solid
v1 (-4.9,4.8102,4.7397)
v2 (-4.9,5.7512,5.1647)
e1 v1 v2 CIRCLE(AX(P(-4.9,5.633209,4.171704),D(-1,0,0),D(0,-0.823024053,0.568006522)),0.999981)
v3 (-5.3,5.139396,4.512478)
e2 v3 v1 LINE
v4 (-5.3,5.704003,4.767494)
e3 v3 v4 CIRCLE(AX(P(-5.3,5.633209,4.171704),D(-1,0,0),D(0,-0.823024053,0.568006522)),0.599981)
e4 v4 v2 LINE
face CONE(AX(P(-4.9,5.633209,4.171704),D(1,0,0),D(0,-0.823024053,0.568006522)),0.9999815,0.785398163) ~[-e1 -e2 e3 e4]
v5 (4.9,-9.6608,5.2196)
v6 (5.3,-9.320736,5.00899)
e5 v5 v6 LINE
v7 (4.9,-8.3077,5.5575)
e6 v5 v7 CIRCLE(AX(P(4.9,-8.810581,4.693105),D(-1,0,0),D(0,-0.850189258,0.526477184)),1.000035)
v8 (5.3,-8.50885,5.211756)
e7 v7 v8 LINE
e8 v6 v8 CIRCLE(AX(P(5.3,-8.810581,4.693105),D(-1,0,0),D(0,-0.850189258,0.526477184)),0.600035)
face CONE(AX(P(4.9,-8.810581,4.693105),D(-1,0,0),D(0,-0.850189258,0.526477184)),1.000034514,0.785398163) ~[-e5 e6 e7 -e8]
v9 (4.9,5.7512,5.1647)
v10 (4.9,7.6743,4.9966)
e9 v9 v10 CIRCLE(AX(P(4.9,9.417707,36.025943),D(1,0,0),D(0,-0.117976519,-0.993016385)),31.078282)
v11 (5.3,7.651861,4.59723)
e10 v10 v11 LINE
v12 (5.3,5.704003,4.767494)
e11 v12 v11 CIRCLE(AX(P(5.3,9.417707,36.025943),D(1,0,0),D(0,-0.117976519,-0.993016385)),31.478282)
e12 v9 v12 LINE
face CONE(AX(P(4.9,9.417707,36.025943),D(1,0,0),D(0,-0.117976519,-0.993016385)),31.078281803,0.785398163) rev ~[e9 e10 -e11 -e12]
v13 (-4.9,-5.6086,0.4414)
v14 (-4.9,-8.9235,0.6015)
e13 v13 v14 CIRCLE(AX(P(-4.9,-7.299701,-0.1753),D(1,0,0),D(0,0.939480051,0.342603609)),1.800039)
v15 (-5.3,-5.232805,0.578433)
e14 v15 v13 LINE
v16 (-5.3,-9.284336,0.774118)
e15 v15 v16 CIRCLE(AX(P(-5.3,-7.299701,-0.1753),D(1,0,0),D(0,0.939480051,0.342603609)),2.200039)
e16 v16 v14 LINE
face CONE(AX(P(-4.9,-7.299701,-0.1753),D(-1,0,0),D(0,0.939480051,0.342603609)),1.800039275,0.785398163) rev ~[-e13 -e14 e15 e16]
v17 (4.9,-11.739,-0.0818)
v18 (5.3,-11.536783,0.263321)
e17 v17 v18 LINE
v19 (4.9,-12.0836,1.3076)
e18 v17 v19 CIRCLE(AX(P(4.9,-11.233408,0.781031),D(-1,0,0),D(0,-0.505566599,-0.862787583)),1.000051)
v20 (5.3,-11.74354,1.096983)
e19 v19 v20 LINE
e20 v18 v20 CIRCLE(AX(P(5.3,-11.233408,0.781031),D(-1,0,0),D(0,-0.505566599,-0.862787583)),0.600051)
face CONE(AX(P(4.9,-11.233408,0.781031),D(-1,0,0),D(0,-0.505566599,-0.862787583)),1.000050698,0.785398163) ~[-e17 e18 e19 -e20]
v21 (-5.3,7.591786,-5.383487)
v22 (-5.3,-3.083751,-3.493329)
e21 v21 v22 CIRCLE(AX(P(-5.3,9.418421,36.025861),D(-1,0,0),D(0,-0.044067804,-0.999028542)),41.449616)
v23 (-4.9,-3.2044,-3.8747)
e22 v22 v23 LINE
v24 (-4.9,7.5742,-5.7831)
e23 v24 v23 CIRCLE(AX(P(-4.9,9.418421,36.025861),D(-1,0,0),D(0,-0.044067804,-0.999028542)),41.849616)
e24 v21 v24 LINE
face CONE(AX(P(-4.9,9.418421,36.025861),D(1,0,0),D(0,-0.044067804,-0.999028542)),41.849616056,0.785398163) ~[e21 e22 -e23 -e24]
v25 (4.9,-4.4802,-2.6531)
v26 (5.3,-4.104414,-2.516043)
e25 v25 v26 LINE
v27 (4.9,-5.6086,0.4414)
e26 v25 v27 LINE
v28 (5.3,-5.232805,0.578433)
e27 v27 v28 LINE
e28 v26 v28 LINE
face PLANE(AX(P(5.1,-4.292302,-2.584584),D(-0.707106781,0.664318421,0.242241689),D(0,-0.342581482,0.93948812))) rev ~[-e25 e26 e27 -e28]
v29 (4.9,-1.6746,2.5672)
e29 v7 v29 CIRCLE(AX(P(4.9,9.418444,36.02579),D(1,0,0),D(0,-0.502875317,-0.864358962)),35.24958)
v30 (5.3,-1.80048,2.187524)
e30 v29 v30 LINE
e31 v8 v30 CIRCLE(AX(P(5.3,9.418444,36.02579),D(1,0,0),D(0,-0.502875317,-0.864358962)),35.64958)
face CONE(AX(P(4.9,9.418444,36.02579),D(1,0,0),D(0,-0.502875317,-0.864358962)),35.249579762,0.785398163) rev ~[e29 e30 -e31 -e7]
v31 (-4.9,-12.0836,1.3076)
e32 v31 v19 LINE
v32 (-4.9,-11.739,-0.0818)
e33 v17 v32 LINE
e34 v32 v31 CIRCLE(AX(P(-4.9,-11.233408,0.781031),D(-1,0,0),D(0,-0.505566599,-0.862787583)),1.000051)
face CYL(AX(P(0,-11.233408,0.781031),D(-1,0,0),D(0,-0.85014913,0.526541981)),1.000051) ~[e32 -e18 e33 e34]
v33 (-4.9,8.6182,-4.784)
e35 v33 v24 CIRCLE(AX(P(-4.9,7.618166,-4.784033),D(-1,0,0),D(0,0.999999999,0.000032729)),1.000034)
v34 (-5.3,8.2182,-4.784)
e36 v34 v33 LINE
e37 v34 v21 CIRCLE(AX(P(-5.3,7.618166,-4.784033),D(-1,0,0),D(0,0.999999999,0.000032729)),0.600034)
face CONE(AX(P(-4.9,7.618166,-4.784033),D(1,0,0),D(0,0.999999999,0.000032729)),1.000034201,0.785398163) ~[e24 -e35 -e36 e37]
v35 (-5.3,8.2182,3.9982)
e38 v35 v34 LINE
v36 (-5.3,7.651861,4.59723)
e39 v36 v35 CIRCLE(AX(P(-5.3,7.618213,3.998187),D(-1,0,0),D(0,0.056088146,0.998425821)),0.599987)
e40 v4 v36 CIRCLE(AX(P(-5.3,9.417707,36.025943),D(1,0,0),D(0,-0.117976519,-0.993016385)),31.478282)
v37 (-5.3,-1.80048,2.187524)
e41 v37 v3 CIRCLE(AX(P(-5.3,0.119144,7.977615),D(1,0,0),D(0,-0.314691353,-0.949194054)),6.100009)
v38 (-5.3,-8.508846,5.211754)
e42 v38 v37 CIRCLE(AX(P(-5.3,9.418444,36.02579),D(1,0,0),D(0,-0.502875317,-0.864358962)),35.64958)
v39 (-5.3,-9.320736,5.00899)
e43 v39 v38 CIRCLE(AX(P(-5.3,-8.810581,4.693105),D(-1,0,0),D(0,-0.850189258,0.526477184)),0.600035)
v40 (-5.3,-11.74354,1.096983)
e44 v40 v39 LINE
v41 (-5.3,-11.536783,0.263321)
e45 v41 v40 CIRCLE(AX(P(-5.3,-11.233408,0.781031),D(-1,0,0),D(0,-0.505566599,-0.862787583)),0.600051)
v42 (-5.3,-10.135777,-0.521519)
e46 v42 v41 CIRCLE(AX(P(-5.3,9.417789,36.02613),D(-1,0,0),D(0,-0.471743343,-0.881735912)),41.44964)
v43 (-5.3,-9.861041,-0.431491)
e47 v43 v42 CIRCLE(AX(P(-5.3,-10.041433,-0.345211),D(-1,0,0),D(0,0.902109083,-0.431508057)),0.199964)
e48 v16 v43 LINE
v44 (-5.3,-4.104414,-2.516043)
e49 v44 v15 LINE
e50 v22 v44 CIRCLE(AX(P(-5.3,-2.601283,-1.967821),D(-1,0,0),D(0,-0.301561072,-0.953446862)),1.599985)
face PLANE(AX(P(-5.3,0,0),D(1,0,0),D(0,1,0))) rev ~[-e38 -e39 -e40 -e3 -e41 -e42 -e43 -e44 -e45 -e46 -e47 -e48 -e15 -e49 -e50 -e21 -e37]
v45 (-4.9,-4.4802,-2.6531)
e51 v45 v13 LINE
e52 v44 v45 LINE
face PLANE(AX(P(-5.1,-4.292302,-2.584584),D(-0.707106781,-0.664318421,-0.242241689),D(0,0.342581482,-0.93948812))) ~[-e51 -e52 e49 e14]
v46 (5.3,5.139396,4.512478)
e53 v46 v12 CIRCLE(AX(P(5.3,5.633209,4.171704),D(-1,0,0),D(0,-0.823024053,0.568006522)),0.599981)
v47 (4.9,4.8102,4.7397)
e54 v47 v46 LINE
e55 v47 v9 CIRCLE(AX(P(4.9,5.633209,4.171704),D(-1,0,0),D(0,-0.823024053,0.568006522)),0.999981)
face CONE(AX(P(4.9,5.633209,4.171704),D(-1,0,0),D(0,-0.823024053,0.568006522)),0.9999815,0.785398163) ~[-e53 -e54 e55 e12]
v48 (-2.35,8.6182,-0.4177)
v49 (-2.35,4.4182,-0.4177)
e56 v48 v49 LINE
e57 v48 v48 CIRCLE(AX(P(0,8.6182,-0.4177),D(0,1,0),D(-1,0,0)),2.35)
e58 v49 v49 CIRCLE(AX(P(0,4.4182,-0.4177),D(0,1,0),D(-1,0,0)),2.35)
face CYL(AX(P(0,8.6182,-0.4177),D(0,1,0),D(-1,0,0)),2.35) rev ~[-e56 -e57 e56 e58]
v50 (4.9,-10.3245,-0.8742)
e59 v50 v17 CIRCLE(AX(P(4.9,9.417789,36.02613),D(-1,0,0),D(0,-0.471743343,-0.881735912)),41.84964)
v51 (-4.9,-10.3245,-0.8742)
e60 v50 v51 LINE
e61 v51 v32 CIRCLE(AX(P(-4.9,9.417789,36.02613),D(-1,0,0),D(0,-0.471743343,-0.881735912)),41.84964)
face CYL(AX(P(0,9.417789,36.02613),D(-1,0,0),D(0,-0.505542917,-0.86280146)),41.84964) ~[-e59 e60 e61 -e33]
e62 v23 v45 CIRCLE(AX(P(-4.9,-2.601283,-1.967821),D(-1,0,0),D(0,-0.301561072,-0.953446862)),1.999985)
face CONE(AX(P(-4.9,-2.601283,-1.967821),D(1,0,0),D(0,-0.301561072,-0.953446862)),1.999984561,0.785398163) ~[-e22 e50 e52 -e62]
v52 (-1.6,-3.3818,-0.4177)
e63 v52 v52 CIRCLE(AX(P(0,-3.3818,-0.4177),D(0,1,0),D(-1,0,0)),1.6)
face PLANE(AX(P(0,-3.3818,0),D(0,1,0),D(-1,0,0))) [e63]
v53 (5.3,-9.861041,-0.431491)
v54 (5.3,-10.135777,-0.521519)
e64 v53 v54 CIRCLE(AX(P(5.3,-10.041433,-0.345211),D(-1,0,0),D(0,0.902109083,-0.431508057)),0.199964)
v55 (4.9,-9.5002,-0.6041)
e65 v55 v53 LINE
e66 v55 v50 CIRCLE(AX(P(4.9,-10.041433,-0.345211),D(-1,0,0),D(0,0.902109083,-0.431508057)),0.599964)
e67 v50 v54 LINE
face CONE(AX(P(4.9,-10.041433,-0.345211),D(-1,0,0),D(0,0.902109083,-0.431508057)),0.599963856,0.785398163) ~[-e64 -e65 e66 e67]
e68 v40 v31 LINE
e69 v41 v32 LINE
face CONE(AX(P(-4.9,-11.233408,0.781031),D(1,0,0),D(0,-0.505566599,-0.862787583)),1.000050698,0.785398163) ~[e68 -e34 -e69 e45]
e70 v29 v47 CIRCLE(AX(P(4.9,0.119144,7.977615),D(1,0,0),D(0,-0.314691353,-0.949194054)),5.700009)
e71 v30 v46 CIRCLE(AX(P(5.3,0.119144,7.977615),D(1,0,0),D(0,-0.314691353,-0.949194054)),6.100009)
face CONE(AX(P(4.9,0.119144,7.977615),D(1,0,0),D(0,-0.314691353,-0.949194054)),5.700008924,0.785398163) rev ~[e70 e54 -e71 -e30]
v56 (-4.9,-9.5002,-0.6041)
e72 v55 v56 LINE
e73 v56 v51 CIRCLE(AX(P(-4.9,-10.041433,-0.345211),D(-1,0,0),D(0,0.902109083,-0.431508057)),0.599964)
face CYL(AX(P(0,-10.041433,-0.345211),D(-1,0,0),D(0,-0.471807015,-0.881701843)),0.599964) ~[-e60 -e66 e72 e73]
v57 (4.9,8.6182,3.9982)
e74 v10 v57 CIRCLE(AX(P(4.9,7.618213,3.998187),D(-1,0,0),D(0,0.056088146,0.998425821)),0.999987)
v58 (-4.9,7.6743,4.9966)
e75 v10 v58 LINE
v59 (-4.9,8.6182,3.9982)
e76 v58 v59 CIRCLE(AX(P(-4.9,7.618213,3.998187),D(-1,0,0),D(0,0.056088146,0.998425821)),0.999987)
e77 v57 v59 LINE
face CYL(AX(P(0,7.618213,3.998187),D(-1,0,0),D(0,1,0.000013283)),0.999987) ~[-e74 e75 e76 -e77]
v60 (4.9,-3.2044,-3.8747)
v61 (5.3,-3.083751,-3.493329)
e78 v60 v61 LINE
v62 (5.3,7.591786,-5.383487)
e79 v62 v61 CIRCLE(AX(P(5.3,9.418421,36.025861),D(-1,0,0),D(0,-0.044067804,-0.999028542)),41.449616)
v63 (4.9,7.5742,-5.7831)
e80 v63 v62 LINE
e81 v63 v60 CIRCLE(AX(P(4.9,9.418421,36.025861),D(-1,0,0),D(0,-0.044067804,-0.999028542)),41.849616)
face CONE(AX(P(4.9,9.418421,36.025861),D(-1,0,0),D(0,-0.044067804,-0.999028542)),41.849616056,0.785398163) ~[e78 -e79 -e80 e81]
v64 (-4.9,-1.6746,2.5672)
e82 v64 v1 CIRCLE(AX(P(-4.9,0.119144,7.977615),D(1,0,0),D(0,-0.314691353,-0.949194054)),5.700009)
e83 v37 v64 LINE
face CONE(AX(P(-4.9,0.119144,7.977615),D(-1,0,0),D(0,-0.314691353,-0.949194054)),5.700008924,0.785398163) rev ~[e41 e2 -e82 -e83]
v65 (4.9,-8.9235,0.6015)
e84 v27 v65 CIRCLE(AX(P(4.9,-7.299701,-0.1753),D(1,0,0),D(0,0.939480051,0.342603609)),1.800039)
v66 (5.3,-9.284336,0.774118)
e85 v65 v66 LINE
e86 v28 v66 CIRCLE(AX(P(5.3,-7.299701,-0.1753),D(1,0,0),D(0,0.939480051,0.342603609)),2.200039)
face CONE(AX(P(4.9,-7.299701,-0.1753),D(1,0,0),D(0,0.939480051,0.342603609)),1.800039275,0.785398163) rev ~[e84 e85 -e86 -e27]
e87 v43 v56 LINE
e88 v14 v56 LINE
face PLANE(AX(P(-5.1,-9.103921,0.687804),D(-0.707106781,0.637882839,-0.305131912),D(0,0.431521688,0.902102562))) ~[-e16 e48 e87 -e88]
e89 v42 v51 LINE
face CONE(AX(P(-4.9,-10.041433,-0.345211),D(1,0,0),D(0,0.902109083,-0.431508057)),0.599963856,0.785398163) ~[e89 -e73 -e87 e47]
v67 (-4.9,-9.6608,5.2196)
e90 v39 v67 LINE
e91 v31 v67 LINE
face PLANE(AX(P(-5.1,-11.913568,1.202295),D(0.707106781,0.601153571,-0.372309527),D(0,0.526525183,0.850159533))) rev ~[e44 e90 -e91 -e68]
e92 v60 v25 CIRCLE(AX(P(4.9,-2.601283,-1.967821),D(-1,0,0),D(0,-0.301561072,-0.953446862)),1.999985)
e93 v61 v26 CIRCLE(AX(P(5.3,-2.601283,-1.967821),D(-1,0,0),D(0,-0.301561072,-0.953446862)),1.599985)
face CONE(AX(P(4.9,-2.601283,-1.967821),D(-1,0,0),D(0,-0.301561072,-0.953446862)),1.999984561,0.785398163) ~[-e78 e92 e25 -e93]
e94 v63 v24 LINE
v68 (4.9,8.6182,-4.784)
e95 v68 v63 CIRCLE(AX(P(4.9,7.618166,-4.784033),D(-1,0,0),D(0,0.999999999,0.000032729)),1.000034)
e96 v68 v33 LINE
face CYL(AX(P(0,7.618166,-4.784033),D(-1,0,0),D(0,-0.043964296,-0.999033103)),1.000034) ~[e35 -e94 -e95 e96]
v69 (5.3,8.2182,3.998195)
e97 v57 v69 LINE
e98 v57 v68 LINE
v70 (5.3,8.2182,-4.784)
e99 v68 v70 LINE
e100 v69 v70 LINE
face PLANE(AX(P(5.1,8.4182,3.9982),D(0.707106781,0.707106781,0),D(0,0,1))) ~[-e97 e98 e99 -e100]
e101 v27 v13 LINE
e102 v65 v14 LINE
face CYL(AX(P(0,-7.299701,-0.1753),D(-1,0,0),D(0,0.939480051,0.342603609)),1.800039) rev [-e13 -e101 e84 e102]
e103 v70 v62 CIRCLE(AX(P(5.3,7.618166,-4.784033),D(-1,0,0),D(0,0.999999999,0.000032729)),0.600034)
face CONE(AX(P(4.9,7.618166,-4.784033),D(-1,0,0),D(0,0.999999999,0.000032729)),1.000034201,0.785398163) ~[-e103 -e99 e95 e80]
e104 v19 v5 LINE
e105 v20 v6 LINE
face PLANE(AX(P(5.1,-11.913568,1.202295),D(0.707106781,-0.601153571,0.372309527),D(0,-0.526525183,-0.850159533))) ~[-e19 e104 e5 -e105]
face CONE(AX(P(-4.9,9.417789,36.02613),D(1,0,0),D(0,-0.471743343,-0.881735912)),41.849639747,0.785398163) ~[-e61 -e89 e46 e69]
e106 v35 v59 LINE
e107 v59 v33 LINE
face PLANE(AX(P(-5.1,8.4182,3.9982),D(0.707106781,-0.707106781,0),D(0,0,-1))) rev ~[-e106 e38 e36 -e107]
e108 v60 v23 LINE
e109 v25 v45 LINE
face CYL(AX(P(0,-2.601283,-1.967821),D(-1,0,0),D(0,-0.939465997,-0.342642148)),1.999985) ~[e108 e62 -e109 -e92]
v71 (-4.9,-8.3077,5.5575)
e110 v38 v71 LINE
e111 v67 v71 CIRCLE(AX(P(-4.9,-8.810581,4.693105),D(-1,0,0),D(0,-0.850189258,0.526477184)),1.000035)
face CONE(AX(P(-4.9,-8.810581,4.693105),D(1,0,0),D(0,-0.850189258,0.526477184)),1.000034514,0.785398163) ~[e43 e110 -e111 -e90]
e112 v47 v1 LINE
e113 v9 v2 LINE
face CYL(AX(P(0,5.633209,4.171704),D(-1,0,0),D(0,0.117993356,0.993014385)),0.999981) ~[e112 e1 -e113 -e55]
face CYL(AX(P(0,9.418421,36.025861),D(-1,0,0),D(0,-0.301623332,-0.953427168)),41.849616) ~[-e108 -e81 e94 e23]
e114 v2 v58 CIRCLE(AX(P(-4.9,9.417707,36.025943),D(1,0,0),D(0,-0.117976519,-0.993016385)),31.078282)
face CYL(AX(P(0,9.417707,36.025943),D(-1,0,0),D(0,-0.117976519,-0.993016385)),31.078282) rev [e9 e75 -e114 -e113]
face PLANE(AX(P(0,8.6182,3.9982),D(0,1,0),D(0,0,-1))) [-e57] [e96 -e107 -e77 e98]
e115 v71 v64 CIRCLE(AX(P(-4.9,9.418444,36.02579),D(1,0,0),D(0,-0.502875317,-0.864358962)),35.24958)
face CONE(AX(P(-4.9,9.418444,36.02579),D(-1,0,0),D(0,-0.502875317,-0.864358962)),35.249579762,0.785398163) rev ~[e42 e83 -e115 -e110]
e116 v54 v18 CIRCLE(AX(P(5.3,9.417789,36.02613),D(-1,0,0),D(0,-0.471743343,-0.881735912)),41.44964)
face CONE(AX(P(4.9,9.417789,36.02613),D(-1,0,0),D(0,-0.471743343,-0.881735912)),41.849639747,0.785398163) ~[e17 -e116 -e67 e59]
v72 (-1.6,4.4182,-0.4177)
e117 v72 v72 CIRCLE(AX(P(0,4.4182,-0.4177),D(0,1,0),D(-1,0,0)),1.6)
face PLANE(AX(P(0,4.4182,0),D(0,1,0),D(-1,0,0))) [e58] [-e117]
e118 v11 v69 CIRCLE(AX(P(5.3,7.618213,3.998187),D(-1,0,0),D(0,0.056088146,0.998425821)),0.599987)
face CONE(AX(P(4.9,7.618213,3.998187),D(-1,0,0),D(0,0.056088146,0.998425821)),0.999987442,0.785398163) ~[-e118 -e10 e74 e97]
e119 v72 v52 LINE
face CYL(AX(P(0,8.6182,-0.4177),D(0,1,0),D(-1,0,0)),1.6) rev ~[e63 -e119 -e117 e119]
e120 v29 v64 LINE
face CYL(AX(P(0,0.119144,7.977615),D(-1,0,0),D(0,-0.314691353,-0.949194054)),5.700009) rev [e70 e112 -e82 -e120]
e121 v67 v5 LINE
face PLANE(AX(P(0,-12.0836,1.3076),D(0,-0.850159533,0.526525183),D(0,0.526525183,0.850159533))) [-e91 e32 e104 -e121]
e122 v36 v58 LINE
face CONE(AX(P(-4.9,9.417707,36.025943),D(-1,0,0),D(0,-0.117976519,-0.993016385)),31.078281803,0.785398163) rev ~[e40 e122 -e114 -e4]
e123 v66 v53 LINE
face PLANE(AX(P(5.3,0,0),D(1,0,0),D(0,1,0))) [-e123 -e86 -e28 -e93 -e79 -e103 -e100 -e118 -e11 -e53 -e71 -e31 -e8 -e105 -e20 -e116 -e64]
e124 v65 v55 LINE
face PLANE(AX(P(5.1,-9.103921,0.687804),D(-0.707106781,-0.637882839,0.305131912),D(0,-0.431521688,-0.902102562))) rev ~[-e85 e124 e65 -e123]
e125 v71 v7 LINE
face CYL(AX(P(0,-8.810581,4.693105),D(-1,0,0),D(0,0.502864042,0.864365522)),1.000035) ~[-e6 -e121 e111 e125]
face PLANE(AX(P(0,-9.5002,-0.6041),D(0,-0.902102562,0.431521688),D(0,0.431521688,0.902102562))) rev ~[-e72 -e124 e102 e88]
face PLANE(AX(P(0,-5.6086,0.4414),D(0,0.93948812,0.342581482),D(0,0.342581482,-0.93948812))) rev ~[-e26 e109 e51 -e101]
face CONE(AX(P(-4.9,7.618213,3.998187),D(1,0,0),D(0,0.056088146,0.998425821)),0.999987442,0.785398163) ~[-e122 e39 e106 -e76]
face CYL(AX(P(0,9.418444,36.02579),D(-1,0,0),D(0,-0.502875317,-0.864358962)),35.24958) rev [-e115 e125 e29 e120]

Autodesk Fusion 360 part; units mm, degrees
sketch "Sketch1" plane through (0, 0, 0) normal (1, 0, 0) x (0, 1, 0) in component "latch_shuttle"
  arc A0 (-8.3077, 5.5575) -> (-1.6746, 2.5672) centre (9.4182, 36.0259) ccw
  arc A1 (-8.3077, 5.5575) -> (-9.6608, 5.2196) centre (-8.8106, 4.6931) ccw
  line L0 (-12.0836, 1.3076) -> (-9.6608, 5.2196)
  arc A2 (-12.0836, 1.3076) -> (-11.739, -0.0818) centre (-11.2334, 0.781) ccw
  arc A3 (-11.739, -0.0818) -> (-10.3245, -0.8742) centre (9.4182, 36.0259) ccw
  arc A4 (-10.3245, -0.8742) -> (-9.5002, -0.6041) centre (-10.0414, -0.3452) ccw
  line L1 (-9.5002, -0.6041) -> (-8.9235, 0.6015)
  arc A5 (-5.6086, 0.4414) -> (-8.9235, 0.6015) centre (-7.2997, -0.1753) ccw
  line L2 (-5.6086, 0.4414) -> (-4.4802, -2.6531)
  arc A6 (-4.4802, -2.6531) -> (-3.2044, -3.8747) centre (-2.6012, -1.9679) ccw
  arc A7 (-3.2044, -3.8747) -> (7.5742, -5.7831) centre (9.4182, 36.0259) ccw
  arc A8 (7.5742, -5.7831) -> (8.6182, -4.784) centre (7.6182, -4.784) ccw
  line L3 (8.6182, 3.9982) -> (8.6182, -4.784)
  arc A9 (8.6182, 3.9982) -> (7.6743, 4.9966) centre (7.6182, 3.9982) ccw
  arc A10 (5.7512, 5.1647) -> (7.6743, 4.9966) centre (9.4182, 36.0259) ccw
  arc A11 (5.7512, 5.1647) -> (4.8102, 4.7397) centre (5.6332, 4.1717) ccw
  arc A12 (-1.6746, 2.5672) -> (4.8102, 4.7397) centre (0.1191, 7.9776) ccw
extrude "Extrude1" add sketch "Sketch1" along normal mid plane 10.6 in component "latch_shuttle"
chamfer "Chamfer1" distance 0.4 angle 45 34 edges at (5.3, -5.0685, 3.8907) (5.3, -9.0529, 5.6633) (5.3, -10.8722, 3.2636) (5.3, -12.204, 0.5403) (5.3, -11.0356, -0.4848) (5.3, -9.8546, -0.9153) (5.3, -9.2118, -0.0013) (5.3, -7.2129, 1.6226) (5.3, -5.0444, -1.1058) (5.3, -3.9845, -3.4124) (5.3, 2.1222, -5.1828) (5.3, 8.3096, -5.5066) (5.3, 8.6182, -0.3929) (5.3, 8.3449, 4.6851) (5.3, 6.7115, 5.0657) (5.3, 5.2216, 5.0831) (5.3, 1.9298, 2.5728) (-5.3, 8.6182, -0.3929) (-5.3, 8.3096, -5.5066) (-5.3, 2.1222, -5.1828) (-5.3, -3.9845, -3.4124) (-5.3, -5.0444, -1.1058) (-5.3, -7.2129, 1.6226) (-5.3, -9.2118, -0.0013) (-5.3, -9.8546, -0.9153) (-5.3, -11.0356, -0.4848) (-5.3, -12.204, 0.5403) (-5.3, -10.8722, 3.2636) (-5.3, -9.0529, 5.6633) (-5.3, -5.0685, 3.8907) (-5.3, 1.9298, 2.5728) (-5.3, 5.2216, 5.0831) (-5.3, 6.7115, 5.0657) (-5.3, 8.3449, 4.6851) in component "latch_shuttle"
sketch "Sketch2" plane through (0, 8.6182, 0) normal (0, 1, 0) x (-1, 0, 0) in component "latch_shuttle"
  line L0 (4.9, -4.784) -> (4.9, 3.9982)
  line L1 (4.9, 3.9982) -> (-4.9, 3.9982)
  line L2 (-4.9, 3.9982) -> (-4.9, -4.784)
  line L3 (-4.9, -4.784) -> (4.9, -4.784)
  circle A0 centre (0, -0.4177) radius 1.6
  circle A1 centre (0, -0.4177) radius 2.35
extrude "Extrude2" cut sketch "Sketch2" against normal blind 4.2 contours A0 | A1 in component "latch_shuttle"
extrude "Extrude3" cut sketch "Sketch2" against normal blind 12 contours A0 in component "latch_shuttle"
component "latch_shuttle" placed x (1, 0, 0) y (0, 1, 0) z (0, 0, 1) at (0, 0, 0)
